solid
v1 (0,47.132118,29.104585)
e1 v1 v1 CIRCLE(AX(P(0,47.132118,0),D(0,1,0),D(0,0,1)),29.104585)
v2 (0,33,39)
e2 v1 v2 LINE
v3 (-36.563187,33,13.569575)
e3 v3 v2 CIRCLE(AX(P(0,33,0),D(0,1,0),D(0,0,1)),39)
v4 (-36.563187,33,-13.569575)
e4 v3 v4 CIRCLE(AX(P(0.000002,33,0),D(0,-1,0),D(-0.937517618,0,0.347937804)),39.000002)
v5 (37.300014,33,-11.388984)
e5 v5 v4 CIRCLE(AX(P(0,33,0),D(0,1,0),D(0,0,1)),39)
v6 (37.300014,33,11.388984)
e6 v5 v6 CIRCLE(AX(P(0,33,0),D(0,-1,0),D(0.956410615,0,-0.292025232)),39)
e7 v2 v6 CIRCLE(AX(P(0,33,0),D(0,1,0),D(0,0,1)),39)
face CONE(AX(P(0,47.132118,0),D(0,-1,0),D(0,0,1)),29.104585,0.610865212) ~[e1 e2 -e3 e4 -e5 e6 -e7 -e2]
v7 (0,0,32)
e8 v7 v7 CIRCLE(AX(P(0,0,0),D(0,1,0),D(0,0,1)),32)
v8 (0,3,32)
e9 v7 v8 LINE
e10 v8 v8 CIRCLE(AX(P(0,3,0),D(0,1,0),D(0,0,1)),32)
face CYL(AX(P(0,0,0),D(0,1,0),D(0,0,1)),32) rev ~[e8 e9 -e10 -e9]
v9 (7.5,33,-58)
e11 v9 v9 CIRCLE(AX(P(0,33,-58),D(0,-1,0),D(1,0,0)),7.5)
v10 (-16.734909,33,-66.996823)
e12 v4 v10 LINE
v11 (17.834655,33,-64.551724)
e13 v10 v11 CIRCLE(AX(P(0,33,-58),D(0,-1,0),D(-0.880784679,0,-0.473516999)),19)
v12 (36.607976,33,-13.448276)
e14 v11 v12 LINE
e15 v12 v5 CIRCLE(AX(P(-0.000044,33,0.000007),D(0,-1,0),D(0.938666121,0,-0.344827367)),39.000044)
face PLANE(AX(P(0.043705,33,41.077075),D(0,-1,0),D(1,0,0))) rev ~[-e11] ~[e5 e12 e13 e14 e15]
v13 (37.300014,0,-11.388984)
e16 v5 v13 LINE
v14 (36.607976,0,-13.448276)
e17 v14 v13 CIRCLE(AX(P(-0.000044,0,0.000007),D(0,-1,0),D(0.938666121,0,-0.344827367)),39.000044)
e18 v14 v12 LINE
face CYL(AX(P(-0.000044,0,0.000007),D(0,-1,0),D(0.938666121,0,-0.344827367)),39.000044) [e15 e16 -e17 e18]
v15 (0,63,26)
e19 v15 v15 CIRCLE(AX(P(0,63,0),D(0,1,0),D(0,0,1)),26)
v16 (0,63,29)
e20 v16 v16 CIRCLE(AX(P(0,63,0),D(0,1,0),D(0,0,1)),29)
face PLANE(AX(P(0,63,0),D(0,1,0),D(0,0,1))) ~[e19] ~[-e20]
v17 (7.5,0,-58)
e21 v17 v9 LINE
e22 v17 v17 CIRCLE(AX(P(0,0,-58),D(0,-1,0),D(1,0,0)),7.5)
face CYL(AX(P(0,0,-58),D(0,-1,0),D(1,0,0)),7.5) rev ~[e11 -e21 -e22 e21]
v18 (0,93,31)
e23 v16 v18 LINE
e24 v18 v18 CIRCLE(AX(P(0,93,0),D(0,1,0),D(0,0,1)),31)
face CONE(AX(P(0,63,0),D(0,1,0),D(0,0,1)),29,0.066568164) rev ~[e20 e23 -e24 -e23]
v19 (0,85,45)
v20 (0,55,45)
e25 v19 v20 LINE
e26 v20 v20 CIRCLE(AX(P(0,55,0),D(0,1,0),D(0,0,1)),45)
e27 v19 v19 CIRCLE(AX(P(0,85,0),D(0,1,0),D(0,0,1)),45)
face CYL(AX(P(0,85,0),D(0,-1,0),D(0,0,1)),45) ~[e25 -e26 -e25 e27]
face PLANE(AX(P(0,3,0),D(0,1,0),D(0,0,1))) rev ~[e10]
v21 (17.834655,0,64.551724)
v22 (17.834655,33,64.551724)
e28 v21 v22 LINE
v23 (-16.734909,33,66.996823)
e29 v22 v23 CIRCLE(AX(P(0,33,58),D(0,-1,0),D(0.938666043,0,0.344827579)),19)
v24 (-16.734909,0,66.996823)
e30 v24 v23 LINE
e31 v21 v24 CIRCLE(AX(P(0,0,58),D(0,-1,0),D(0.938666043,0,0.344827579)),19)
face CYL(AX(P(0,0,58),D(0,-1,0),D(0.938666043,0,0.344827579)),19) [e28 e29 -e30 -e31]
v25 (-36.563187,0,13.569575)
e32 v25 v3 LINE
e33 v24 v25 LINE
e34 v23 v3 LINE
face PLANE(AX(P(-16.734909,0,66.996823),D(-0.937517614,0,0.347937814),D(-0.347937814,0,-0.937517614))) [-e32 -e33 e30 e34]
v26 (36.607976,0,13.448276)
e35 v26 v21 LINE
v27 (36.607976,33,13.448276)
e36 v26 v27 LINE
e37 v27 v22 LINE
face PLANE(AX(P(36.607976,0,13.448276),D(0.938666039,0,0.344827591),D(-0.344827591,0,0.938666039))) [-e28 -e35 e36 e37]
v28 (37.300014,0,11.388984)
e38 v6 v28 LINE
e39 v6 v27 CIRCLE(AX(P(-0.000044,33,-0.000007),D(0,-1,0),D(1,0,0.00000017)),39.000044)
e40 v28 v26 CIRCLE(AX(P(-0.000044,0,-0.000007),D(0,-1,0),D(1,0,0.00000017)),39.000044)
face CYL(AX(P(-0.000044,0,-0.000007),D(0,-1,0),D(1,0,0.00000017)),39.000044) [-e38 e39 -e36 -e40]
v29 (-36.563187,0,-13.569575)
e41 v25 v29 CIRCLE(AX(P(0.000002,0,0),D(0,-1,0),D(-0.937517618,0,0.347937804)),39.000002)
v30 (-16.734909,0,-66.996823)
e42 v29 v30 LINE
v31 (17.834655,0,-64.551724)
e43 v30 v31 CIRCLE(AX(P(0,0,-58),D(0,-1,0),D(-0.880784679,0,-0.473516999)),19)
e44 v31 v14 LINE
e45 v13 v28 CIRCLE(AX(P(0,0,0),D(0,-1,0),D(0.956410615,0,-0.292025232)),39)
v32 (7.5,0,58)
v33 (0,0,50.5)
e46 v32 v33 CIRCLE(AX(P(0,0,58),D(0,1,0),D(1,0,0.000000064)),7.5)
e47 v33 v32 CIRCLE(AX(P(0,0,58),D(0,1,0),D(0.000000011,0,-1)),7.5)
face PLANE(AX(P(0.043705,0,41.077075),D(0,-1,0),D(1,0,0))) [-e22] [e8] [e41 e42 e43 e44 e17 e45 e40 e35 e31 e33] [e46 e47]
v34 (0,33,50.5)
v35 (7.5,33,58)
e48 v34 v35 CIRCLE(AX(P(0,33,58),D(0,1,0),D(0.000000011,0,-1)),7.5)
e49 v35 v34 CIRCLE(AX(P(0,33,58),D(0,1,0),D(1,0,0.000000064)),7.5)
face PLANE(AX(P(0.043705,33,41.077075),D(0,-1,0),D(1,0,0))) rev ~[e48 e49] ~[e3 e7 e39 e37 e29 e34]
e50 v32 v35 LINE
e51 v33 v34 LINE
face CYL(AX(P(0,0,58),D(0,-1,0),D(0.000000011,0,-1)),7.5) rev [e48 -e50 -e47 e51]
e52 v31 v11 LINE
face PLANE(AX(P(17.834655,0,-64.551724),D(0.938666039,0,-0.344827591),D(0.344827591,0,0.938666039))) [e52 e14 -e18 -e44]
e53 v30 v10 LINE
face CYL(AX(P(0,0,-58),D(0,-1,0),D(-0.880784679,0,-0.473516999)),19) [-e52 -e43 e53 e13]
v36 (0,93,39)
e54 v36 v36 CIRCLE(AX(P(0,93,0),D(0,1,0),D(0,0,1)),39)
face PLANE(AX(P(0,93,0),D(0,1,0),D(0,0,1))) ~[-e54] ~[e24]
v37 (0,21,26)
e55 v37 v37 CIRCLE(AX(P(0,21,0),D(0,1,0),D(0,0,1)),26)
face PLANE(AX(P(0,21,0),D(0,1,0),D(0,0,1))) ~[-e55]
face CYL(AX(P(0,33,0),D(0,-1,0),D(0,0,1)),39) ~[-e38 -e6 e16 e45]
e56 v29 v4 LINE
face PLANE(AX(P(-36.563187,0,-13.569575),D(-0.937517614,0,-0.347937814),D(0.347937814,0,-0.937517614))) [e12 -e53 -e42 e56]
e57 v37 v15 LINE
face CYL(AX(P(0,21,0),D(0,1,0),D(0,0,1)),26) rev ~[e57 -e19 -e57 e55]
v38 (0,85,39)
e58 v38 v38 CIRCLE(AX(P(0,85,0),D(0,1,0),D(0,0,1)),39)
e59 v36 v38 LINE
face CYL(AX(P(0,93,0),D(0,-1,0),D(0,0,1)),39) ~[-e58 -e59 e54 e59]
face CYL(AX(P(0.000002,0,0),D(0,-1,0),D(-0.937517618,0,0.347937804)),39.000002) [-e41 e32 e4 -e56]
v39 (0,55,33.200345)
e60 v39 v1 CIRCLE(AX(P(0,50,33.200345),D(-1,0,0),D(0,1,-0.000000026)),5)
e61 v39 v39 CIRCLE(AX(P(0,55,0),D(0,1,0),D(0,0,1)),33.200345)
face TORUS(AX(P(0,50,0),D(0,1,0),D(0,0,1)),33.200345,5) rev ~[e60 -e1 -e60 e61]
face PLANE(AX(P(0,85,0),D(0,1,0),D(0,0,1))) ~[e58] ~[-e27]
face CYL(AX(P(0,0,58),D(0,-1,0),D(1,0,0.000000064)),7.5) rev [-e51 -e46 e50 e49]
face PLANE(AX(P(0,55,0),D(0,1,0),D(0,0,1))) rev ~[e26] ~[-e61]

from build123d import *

# Parameters (mm, degrees)
F2_R     = 7.5
F2_R_2   = 32
F3_DEPTH = 33


with BuildPart() as f1:
    # F0 (on Right) → F1 (revolve)
    with BuildSketch(Plane.YZ):
        with BuildLine():
            Line((3, 32), (3, 0))
            Line((3, 0), (21, 0))
            Line((21, 0), (21, 26))
            Line((21, 26), (63, 26))
            Line((63, 26), (63, 29))
            Line((63, 29), (93, 31))
            Line((93, 31), (93, 39))
            Line((93, 39), (85, 39))
            Line((85, 39), (85, 45))
            Line((85, 45), (55, 45))
            Line((55, 45), (55, 33.200345))
            ThreePointArc((55, 33.200345), (52.308743, 28.765291), (47.132118, 29.104585))
            Line((47.132118, 29.104585), (33, 39))
            Line((33, 39), (0, 39))
            Line((0, 39), (0, 32))
            Line((0, 32), (3, 32))
        make_face()
    revolve(axis=Axis((0, 12, 0), (0, 1, 0)))

    # F2 (on face) → F3 (join)
    with BuildSketch(Plane.XZ):
        with BuildLine():
            Line((36.607976, 13.448276), (17.834655, 64.551724))
            ThreePointArc((17.834655, 64.551724), (1.340517, 76.952652), (-16.734909, 66.996823))
            Line((-16.734909, 66.996823), (-36.563187, 13.569575))
            ThreePointArc((-36.563187, 13.569575), (0.064652, 38.999946), (36.607976, 13.448276))
        make_face()
        with BuildLine():
            ThreePointArc((0, 50.5), (-5.303301, 63.303301), (7.5, 58))
            ThreePointArc((7.5, 58), (5.303301, 52.696699), (0, 50.5))
        make_face(mode=Mode.SUBTRACT)
        with BuildLine():
            ThreePointArc((36.607976, -13.448276), (0.064652, -38.999946), (-36.563187, -13.569575))
            Line((-36.563187, -13.569575), (-16.734909, -66.996823))
            ThreePointArc((-16.734909, -66.996823), (1.340517, -76.952652), (17.834655, -64.551724))
            Line((17.834655, -64.551724), (36.607976, -13.448276))
        make_face()
        with Locations((0, -58)):
            Circle(F2_R, mode=Mode.SUBTRACT)
        with BuildLine():
            ThreePointArc((39, 0), (38.397337, 6.829676), (36.607976, 13.448276))
            ThreePointArc((36.607976, 13.448276), (0.064652, 38.999946), (-36.563187, 13.569575))
            ThreePointArc((-36.563187, 13.569575), (-39, 0), (-36.563187, -13.569575))
            ThreePointArc((-36.563187, -13.569575), (0.064652, -38.999946), (36.607976, -13.448276))
            ThreePointArc((36.607976, -13.448276), (38.397337, -6.829676), (39, 0))
        make_face()
        Circle(F2_R_2, mode=Mode.SUBTRACT)
    extrude(amount=-F3_DEPTH)


solid = f1.part
